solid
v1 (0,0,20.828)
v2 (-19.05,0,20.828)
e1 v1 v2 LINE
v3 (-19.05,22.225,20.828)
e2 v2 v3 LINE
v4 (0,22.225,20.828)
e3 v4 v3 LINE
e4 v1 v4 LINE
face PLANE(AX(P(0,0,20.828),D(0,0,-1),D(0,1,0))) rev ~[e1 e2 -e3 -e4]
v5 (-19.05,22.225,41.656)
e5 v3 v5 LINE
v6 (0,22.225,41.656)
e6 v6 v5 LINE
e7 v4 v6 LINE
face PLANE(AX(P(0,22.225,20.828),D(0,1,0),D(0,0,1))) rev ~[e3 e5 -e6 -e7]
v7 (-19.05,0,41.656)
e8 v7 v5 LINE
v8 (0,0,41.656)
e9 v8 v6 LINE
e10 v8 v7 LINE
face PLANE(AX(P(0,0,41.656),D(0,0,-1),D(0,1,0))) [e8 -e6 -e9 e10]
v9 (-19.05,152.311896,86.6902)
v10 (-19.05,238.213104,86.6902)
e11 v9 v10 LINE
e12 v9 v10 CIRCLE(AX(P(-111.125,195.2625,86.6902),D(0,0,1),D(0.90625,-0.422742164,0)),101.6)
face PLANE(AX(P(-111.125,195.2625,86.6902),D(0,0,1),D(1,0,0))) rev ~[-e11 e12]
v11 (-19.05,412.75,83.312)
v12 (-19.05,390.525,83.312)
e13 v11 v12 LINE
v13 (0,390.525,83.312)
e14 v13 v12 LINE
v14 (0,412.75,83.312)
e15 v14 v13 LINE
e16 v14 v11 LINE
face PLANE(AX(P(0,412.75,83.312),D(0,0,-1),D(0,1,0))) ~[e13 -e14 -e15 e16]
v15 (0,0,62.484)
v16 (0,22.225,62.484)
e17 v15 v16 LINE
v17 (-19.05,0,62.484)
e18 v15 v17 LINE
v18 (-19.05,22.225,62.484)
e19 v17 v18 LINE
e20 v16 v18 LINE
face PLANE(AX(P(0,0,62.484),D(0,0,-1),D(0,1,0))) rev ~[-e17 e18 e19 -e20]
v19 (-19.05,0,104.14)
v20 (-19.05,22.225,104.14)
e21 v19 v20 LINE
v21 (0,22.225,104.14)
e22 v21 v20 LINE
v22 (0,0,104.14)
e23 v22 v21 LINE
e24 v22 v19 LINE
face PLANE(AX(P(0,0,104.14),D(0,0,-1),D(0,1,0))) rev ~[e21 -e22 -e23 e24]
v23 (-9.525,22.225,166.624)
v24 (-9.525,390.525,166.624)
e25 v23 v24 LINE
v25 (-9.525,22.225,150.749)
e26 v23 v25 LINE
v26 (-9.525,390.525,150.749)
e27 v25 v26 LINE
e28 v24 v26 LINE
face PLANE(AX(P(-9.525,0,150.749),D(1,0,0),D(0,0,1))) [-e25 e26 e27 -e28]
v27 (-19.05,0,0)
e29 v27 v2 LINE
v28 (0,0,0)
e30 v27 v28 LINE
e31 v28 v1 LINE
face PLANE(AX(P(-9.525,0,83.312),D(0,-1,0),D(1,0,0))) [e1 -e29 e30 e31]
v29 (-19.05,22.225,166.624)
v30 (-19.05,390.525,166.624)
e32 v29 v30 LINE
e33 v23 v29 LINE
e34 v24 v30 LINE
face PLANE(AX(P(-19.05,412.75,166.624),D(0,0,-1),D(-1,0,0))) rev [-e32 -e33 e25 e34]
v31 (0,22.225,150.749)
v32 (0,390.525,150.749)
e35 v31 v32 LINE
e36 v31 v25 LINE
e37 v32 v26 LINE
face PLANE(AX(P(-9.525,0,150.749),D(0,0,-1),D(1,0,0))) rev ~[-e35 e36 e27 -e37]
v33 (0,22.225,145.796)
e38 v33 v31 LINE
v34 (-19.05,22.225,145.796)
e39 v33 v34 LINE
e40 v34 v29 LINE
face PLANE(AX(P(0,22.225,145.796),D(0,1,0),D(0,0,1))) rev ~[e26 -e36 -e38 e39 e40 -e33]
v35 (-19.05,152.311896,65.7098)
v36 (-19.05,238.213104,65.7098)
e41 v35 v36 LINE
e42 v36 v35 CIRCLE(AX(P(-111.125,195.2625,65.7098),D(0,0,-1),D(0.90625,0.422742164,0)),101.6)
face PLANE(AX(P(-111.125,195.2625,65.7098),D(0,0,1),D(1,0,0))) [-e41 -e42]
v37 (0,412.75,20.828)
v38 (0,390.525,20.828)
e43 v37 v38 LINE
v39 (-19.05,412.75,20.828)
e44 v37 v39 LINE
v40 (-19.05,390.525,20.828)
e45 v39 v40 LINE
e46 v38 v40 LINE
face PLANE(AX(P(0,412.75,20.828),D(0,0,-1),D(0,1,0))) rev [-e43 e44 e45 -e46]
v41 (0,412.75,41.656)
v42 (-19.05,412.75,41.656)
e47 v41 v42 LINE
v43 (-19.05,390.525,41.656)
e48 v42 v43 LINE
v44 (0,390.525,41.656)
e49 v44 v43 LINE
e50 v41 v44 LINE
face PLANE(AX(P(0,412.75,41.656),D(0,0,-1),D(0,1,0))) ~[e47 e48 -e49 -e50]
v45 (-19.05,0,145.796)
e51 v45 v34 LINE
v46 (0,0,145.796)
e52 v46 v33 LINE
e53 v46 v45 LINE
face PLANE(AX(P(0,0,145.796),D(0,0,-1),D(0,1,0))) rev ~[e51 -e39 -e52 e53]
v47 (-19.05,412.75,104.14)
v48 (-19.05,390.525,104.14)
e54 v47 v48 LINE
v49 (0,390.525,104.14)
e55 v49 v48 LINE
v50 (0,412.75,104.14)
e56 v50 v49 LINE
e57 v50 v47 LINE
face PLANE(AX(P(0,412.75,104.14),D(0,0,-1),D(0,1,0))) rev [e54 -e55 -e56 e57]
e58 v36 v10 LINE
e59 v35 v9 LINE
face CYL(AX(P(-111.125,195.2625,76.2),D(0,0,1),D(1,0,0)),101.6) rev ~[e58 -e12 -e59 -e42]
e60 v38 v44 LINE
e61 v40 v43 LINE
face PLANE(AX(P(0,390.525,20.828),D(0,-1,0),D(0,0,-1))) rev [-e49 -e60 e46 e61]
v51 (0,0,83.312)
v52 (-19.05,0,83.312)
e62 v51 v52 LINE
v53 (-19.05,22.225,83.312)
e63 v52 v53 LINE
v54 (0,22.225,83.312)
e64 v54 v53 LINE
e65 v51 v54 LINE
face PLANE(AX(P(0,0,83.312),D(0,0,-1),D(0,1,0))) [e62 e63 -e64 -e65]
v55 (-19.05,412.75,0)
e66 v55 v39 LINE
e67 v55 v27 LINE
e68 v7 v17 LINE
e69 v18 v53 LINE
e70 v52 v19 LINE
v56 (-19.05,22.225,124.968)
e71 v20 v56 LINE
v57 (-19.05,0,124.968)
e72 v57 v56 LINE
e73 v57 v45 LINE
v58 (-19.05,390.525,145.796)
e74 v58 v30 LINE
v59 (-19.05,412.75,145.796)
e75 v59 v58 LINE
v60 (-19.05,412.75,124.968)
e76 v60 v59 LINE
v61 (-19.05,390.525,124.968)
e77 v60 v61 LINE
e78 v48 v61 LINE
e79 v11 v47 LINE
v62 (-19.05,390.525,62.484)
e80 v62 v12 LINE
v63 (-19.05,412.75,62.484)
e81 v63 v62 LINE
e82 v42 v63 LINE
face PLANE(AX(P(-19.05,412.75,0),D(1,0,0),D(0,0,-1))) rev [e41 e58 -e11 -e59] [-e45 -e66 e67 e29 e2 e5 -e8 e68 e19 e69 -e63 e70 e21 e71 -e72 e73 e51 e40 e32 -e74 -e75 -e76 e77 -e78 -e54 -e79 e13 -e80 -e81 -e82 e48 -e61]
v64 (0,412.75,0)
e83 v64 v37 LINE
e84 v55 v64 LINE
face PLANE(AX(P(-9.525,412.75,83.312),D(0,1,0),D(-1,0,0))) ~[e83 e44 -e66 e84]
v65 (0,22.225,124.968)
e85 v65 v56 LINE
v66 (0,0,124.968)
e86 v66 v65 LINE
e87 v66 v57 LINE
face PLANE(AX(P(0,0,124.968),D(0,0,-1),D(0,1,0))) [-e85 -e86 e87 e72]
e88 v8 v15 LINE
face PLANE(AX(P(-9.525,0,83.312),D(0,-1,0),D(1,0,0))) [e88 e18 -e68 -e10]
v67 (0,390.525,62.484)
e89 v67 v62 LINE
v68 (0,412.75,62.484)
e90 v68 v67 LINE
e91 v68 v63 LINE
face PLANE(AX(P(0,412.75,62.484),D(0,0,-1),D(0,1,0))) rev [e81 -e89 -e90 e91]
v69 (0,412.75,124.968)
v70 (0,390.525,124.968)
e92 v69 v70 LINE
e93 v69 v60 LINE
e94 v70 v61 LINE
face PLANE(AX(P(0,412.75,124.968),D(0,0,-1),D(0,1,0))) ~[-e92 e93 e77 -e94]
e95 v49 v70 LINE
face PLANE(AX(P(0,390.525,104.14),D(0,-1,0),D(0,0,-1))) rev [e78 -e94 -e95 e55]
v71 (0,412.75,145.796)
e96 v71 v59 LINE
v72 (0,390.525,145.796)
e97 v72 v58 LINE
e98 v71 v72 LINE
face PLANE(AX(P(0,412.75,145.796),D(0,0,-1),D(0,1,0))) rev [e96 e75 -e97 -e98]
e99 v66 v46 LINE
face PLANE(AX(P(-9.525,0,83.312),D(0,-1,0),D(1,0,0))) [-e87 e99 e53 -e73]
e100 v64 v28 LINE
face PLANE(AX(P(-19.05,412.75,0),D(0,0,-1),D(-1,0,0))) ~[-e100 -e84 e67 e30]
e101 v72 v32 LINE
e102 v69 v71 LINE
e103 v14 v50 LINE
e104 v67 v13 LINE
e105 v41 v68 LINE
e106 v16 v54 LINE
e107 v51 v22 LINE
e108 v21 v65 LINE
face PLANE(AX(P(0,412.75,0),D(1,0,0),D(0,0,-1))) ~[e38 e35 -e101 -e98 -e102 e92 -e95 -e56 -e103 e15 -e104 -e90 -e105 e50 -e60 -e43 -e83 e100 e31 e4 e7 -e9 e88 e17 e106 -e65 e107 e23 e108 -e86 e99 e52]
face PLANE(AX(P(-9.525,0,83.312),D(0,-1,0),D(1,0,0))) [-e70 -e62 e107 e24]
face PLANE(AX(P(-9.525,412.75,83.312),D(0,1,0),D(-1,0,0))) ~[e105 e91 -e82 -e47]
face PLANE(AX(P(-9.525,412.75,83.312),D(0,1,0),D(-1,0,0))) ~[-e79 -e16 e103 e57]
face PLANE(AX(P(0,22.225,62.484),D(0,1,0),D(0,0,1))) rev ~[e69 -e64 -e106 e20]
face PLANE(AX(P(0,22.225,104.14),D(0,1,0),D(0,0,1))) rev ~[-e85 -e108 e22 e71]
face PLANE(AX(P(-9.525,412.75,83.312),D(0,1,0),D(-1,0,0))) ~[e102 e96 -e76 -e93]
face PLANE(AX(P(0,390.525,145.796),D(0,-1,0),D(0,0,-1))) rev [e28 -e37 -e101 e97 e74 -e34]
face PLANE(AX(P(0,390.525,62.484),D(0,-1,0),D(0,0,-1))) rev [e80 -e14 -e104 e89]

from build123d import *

# Parameters (mm, degrees)
F0_W     = 19.05
F0_H     = 166.624
F1_DEPTH = 206.375
F2_W     = 22.225
F2_H     = 20.828
F3_DEPTH = 19.051
F5_W     = 9.525
F5_H     = 15.875
F6_DEPTH = 412.751
F8_R     = 101.6
F9_DEPTH = 10.4902


with BuildPart() as f1:
    # F0 (on Front) → F1 (new body)
    with BuildSketch(Plane.XZ):
        with Locations((-9.525, 83.312)):
            Rectangle(F0_W, F0_H)
    extrude(amount=-F1_DEPTH)

    # F2 (on Right) → F3 (cut, through all)
    with BuildSketch(Plane.YZ):
        with Locations((11.1125, 31.242)):
            Rectangle(F2_W, F2_H)
        with Locations((11.1125, 72.898)):
            Rectangle(F2_W, F2_H)
        with Locations((11.1125, 114.554)):
            Rectangle(F2_W, F2_H)
        with Locations((11.1125, 156.21)):
            Rectangle(F2_W, F2_H)
    extrude(amount=-F3_DEPTH, mode=Mode.SUBTRACT)

    # F4: F1 across face


with BuildPart() as f1_1:
    add(f1.part)
    add(f1.part.mirror(Plane(origin=(-9.525, 206.375, 83.312), x_dir=(1, 0, 0), z_dir=(0, 1, 0))))

    # F5 (on Front) → F6 (cut, through all)
    with BuildSketch(Plane.XZ):
        with Locations((-4.7625, 158.6865)):
            Rectangle(F5_W, F5_H)
    extrude(amount=-F6_DEPTH, mode=Mode.SUBTRACT)

    # F8 (on offset) → F9 (cut, symmetric)
    with BuildSketch(Plane.XY.offset(76.2)):
        with Locations((-111.125, 195.2625)):
            Circle(F8_R)
    extrude(amount=F9_DEPTH, both=True, mode=Mode.SUBTRACT)


solid = f1_1.part
